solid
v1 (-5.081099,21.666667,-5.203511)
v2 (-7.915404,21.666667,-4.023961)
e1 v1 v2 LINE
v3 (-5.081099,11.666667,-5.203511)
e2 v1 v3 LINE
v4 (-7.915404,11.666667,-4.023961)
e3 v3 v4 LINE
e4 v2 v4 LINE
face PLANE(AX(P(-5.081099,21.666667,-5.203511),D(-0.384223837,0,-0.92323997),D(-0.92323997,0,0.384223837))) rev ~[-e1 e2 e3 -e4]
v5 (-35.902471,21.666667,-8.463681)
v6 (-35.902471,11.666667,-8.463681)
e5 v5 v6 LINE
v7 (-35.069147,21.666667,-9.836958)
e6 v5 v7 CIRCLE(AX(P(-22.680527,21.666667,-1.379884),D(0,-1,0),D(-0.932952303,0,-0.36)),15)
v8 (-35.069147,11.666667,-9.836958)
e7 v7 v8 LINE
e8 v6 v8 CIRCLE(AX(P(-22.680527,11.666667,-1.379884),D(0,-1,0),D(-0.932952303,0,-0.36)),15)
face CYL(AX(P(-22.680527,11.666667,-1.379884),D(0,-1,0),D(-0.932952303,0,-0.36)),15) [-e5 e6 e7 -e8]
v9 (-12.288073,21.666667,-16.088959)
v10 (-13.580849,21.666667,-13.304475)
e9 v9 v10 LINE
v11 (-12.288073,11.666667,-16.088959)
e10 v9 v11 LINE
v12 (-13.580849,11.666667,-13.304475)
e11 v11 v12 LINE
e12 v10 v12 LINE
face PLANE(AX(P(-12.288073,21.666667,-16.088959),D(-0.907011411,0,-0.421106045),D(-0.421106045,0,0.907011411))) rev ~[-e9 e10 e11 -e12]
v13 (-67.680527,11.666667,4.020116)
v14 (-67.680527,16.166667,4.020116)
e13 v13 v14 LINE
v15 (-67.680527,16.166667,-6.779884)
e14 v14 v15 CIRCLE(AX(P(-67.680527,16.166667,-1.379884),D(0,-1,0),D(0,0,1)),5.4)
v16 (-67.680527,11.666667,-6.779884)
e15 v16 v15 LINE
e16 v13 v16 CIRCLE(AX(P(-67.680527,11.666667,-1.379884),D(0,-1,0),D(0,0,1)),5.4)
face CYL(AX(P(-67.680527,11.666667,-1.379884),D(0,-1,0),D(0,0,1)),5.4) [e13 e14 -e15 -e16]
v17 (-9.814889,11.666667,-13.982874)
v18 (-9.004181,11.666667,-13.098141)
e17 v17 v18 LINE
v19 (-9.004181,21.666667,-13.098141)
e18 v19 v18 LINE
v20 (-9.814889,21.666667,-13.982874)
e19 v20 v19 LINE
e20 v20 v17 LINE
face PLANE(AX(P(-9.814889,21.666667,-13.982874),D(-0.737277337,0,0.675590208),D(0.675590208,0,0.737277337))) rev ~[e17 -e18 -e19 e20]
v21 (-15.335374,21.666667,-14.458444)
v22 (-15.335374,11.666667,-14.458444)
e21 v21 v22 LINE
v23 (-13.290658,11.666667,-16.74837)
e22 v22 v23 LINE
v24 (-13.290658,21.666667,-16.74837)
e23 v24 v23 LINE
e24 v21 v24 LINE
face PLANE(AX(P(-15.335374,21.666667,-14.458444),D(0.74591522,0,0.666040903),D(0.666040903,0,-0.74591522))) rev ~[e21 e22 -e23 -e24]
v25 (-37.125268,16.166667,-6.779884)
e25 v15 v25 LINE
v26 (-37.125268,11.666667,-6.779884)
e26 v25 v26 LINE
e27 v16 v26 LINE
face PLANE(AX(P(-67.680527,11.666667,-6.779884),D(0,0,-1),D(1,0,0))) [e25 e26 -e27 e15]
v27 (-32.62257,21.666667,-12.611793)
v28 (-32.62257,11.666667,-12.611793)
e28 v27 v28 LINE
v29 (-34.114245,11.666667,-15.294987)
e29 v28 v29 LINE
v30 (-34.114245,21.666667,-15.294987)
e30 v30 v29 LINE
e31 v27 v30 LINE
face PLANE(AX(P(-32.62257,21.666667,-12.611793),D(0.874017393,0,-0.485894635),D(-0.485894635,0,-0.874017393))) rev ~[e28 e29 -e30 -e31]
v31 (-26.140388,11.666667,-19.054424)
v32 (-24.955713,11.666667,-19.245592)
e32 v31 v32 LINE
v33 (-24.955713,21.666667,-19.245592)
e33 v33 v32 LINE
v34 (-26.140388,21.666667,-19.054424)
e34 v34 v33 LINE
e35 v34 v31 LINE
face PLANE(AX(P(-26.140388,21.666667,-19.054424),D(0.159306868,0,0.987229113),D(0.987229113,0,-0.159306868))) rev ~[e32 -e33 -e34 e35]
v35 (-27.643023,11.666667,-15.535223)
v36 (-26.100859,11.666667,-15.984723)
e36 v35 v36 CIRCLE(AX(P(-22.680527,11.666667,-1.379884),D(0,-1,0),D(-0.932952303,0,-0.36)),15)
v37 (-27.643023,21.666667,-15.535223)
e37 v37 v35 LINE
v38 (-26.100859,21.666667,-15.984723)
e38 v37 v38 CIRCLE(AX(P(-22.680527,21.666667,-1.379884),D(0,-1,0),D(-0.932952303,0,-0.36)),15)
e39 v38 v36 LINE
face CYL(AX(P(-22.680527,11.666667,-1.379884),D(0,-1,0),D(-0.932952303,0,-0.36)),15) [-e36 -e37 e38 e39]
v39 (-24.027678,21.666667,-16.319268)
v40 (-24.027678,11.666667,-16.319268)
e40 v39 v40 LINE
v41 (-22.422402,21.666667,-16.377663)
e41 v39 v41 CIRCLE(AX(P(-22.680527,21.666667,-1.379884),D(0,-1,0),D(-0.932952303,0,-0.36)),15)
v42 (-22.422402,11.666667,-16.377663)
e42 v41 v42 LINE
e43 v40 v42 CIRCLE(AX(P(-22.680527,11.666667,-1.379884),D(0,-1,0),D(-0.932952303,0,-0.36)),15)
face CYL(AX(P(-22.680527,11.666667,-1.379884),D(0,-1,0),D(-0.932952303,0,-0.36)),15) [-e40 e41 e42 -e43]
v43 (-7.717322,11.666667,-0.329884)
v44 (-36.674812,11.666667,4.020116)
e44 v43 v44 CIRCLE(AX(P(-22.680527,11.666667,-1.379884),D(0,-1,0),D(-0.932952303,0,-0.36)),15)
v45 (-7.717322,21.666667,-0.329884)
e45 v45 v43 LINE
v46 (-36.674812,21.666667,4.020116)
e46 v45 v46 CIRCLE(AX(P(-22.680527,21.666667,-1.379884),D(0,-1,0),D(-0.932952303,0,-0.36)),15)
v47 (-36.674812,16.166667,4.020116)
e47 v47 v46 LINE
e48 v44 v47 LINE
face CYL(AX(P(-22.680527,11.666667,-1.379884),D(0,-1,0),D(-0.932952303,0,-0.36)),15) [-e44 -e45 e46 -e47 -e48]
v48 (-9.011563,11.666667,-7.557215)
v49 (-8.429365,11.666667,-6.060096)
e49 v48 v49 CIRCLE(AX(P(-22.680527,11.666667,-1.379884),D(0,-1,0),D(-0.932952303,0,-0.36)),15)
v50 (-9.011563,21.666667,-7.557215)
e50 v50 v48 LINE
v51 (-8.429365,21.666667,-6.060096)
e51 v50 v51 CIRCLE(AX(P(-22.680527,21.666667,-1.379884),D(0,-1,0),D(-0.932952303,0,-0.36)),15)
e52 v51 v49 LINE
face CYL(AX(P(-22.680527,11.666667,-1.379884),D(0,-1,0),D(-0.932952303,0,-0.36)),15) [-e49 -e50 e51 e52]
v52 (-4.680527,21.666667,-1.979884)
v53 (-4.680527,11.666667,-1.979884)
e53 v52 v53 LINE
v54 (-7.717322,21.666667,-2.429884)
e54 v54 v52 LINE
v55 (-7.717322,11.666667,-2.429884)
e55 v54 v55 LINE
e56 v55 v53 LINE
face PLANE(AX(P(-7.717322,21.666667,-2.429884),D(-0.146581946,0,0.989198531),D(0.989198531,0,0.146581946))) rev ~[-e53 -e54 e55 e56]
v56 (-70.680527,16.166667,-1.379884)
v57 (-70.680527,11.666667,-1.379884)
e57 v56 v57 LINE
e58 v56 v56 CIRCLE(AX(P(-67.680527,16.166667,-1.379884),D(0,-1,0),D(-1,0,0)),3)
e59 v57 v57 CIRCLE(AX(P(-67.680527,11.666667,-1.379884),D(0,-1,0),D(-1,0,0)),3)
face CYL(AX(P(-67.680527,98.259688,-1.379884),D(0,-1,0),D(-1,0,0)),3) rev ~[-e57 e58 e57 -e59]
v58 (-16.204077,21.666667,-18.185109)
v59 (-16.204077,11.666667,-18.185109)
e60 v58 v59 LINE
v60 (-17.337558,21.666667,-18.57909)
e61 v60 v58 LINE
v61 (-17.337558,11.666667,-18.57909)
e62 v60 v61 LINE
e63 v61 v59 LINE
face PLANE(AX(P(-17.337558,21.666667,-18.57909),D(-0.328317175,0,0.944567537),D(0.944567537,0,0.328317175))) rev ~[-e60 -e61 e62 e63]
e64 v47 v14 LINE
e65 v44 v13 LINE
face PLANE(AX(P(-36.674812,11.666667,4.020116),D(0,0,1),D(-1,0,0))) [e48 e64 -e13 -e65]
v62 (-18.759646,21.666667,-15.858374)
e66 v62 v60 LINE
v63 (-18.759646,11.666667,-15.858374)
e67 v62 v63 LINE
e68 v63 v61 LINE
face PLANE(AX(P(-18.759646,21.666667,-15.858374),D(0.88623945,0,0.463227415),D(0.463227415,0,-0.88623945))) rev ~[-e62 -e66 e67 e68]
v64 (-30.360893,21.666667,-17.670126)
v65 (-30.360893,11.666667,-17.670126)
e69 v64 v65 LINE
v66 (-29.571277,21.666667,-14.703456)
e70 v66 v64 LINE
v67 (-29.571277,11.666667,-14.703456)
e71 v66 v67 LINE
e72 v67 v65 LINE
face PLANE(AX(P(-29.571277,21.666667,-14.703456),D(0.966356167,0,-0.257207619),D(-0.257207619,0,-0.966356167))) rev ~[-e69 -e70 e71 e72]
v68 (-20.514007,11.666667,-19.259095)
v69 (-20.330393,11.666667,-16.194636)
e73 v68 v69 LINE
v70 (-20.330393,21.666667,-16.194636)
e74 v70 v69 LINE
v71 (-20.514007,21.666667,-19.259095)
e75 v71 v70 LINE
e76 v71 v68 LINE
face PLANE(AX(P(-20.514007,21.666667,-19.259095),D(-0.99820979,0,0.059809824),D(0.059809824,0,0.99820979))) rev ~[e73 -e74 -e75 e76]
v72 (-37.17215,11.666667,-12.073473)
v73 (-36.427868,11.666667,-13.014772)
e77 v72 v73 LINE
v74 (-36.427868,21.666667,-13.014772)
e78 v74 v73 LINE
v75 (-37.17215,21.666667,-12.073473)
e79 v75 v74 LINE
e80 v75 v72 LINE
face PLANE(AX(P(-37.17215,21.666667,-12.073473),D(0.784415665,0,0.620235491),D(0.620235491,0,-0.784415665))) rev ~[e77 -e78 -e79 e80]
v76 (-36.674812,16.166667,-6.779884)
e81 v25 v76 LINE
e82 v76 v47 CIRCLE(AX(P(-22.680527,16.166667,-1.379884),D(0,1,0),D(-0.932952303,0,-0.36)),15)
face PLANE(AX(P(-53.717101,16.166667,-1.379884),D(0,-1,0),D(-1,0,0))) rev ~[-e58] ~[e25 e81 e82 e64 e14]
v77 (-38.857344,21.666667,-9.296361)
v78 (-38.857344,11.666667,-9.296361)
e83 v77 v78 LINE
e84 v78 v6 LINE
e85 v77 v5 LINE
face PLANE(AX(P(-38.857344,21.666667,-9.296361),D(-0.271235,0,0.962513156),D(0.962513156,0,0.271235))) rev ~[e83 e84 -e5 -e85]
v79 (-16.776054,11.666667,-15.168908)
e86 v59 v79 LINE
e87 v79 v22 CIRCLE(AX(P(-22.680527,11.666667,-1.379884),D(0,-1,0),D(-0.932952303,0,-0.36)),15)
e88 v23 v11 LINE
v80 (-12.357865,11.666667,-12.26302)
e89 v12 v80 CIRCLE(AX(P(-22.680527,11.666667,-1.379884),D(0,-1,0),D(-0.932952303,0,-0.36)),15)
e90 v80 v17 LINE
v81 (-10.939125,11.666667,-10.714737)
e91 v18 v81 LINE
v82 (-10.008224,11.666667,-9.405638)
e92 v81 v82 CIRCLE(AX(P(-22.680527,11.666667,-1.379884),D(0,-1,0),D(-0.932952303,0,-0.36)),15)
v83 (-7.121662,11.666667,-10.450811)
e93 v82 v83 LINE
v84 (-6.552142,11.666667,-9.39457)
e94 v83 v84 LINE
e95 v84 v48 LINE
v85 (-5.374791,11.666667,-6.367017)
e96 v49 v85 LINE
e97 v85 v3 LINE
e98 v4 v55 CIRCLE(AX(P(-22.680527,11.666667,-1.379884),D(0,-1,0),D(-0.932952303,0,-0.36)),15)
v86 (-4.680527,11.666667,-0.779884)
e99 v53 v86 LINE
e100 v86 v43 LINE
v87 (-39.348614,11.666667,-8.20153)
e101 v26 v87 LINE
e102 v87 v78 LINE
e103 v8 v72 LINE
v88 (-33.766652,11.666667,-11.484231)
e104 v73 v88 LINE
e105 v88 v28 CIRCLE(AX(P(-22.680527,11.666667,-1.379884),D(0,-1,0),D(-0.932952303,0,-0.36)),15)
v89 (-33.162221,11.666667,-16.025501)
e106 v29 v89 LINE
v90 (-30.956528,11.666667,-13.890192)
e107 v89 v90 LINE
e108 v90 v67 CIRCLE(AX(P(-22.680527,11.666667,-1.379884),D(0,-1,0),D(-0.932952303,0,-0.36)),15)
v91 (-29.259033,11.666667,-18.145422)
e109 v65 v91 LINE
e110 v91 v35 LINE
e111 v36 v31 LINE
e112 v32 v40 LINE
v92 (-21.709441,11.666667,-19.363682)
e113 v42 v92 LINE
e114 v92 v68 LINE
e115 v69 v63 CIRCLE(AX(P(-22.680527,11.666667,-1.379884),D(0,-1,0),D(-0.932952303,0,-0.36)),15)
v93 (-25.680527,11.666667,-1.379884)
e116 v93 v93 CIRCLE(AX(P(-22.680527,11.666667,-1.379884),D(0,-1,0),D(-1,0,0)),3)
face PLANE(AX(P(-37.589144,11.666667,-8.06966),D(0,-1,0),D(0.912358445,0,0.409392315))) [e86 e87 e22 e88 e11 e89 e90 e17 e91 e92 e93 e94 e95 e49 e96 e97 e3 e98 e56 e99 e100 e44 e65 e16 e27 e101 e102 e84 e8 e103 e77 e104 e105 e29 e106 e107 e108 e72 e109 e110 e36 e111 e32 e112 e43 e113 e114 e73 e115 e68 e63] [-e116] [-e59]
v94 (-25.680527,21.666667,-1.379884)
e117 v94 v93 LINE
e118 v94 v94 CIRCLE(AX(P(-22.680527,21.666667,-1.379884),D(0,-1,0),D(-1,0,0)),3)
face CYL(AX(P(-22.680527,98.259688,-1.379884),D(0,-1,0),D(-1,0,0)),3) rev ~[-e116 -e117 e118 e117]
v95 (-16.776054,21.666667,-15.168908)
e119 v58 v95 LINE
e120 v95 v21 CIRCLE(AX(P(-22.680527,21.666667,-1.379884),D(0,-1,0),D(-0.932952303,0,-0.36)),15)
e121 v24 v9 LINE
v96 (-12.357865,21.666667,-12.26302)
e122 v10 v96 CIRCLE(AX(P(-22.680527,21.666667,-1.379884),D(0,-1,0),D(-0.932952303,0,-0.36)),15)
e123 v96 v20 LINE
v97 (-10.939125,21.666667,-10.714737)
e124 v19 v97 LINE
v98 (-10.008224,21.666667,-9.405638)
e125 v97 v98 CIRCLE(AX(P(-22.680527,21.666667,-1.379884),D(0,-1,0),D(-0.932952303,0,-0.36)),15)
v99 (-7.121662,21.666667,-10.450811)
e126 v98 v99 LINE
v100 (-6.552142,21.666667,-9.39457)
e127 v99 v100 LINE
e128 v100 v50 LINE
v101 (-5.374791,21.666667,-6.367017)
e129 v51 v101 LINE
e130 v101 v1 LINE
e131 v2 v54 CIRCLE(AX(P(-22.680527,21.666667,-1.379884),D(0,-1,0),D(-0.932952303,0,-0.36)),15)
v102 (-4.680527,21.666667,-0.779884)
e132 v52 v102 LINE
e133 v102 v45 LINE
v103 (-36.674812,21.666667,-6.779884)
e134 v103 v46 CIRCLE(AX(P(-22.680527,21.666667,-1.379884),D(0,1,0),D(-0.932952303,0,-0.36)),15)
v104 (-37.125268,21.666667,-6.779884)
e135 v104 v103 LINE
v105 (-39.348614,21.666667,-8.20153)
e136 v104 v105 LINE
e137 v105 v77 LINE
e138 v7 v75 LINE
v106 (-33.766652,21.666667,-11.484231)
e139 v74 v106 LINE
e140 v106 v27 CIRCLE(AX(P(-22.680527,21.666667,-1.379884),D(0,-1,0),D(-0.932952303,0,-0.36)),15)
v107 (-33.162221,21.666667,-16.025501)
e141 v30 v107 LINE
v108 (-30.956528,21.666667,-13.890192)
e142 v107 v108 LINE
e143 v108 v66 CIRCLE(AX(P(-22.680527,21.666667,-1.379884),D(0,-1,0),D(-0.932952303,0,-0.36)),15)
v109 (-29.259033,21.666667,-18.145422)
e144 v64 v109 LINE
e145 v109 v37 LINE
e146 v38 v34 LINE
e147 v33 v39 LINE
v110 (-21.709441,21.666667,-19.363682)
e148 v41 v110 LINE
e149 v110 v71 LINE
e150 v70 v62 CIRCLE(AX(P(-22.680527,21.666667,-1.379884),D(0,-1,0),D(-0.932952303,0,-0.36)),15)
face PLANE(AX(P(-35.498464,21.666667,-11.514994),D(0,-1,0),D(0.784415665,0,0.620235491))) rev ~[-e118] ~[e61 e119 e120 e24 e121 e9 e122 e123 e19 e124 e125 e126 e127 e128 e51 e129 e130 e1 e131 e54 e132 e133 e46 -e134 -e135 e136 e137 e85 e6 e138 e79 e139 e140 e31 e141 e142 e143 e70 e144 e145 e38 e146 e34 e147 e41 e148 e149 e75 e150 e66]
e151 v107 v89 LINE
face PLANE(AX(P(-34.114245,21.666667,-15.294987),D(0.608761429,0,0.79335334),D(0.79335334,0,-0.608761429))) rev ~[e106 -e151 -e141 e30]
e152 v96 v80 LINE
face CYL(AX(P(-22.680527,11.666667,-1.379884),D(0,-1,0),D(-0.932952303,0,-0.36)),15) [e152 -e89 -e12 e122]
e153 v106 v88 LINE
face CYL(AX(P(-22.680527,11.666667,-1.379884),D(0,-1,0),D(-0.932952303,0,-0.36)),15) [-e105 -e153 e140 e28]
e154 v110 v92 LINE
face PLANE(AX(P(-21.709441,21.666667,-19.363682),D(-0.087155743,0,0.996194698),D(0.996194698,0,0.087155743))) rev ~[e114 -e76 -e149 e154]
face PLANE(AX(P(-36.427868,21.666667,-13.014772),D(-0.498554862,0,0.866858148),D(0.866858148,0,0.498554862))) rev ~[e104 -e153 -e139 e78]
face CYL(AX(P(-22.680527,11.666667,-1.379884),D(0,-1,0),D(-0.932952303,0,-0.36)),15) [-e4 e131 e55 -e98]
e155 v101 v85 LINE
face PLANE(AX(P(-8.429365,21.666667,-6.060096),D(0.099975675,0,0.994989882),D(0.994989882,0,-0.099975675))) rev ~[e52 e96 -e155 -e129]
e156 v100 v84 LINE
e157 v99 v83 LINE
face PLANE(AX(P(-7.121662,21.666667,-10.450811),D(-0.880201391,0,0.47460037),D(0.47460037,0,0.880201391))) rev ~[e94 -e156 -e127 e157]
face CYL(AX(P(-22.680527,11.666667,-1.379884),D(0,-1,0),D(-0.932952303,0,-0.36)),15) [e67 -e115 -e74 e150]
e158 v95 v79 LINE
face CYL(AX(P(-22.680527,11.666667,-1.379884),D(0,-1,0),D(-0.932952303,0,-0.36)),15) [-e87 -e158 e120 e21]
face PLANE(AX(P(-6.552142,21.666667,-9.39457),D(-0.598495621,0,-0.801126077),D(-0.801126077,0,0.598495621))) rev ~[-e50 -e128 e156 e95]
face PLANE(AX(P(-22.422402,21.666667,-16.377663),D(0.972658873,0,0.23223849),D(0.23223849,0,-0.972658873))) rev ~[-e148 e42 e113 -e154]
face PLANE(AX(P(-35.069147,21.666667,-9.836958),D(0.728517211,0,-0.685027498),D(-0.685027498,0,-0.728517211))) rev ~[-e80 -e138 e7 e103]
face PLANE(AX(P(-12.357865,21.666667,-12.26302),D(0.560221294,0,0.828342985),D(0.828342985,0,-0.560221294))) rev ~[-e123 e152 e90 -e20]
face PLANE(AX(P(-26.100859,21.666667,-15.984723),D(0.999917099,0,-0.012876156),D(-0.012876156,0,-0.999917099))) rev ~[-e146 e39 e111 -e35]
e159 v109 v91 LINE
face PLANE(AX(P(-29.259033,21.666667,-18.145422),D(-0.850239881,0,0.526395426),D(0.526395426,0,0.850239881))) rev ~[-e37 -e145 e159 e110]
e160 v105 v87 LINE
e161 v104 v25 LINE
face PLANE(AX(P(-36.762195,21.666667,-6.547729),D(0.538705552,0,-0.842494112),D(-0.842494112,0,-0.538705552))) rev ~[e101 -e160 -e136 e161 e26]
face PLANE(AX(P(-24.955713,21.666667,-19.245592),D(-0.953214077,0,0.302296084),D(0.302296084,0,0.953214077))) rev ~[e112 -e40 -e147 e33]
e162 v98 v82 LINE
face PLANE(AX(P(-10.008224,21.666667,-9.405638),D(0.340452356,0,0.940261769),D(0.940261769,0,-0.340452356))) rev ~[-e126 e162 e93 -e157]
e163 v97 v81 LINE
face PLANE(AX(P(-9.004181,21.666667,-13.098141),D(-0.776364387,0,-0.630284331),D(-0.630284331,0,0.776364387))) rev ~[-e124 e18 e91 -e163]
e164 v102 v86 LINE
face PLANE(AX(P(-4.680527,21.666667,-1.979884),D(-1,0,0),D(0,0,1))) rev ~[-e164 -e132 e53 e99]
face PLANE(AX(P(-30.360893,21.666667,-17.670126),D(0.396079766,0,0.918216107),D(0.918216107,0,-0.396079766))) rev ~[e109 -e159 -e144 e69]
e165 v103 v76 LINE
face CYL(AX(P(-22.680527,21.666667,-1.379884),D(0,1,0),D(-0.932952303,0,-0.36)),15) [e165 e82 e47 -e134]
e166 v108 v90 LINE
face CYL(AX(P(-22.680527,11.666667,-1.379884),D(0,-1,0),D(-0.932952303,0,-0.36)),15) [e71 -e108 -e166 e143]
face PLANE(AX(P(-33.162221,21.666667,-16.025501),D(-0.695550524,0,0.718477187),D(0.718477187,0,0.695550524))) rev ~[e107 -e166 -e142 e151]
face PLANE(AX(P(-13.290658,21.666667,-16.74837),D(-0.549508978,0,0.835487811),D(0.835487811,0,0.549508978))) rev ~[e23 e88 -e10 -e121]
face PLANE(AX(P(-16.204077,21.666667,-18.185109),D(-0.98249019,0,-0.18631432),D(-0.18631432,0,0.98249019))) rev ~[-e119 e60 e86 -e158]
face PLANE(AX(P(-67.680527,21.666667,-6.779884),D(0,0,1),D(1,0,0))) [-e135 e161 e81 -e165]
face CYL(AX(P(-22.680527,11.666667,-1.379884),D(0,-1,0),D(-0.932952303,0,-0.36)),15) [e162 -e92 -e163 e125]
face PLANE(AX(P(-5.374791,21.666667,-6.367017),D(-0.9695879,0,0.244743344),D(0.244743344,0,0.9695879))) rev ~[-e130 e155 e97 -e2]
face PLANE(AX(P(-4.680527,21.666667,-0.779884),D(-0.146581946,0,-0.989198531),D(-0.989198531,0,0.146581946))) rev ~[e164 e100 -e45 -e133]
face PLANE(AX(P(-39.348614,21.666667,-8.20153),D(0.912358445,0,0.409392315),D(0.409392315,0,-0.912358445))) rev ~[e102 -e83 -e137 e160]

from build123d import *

# Parameters (mm, degrees)
BOSS_EXTRUDE1_DEPTH = 33.333333333
BOSS_EXTRUDE2_DEPTH = 33.333333333
CIRPATTERN2_COUNT   = 13
CIRPATTERN2_ANGLE   = 170
F_20_0MM_1_D        = 20
SCALE_1_SCALE       = 0.3
CUT_EXTRUDE_1_DEPTH = 5.5


with BuildPart() as part:
    # Sketch1 → Boss-Extrude1 (new body)
    with BuildSketch(Plane(origin=(0, 0, 0), x_dir=(1, 0, 0), z_dir=(0, 1, 0))):
        with BuildLine():
            Line((-150, 18), (-46.647615159, 18))
            ThreePointArc((-46.647615159, 18), (50, 0), (-46.647615159, -18))
            Line((-46.647615159, -18), (-150, -18))
            ThreePointArc((-150, -18), (-168, 0), (-150, 18))
        make_face()
    extrude(amount=BOSS_EXTRUDE1_DEPTH)

    # Sketch2 → Boss-Extrude2 (add)
    with BuildSketch(Plane(origin=(0, 33.333333333, 0), x_dir=(1, 0, 0), z_dir=(0, 1, 0))):
        Polygon((49.877349569, 3.5), (60, 2), (60, -2), (49.877349569, -3.5), (50, 0), align=None)
    boss_extrude2 = extrude(amount=-BOSS_EXTRUDE2_DEPTH)

    # CirPattern2: Boss-Extrude2 ×13 about axis
    cirpattern2_axis = Axis((0, 0, 0), (0, 1, 0))
    for i in range(1, CIRPATTERN2_COUNT):
        add(boss_extrude2.rotate(cirpattern2_axis, i * CIRPATTERN2_ANGLE / (CIRPATTERN2_COUNT - 1)))

    # Ø20.0mm 맞춤핀 구멍1 (through all)
    with Locations(Plane(origin=(0, 33.333333333, 0), x_dir=(1, 0, 0), z_dir=(0, 1, 0))):
        with Locations((-150, 0), (0, 0)):
            Hole(F_20_0MM_1_D / 2)


with BuildPart() as part_1:
    # 축척1: scaled about (-32.400752932, 16.666666667, -1.971262661)
    add(part.part.scale(SCALE_1_SCALE).moved(Location((-22.680527052, 11.666666667, -1.379883863))))

    # 스케치1 → 컷-돌출1 (cut)
    with BuildSketch(Plane(origin=(0, 21.666666667, 0), x_dir=(1, 0, 0), z_dir=(0, 1, 0))):
        with BuildLine():
            Line((-36.6748116, -4.020116137), (-67.680527053, -4.020116137))
            ThreePointArc((-67.680527053, -4.020116137), (-73.080527053, 1.379883863), (-67.680527053, 6.779883863))
            Line((-67.680527053, 6.779883863), (-36.6748116, 6.779883863))
            ThreePointArc((-36.6748116, 6.779883863), (-37.680527053, 1.379883863), (-36.6748116, -4.020116137))
        make_face()
    extrude(amount=-CUT_EXTRUDE_1_DEPTH, mode=Mode.SUBTRACT)


solid = part_1.part
